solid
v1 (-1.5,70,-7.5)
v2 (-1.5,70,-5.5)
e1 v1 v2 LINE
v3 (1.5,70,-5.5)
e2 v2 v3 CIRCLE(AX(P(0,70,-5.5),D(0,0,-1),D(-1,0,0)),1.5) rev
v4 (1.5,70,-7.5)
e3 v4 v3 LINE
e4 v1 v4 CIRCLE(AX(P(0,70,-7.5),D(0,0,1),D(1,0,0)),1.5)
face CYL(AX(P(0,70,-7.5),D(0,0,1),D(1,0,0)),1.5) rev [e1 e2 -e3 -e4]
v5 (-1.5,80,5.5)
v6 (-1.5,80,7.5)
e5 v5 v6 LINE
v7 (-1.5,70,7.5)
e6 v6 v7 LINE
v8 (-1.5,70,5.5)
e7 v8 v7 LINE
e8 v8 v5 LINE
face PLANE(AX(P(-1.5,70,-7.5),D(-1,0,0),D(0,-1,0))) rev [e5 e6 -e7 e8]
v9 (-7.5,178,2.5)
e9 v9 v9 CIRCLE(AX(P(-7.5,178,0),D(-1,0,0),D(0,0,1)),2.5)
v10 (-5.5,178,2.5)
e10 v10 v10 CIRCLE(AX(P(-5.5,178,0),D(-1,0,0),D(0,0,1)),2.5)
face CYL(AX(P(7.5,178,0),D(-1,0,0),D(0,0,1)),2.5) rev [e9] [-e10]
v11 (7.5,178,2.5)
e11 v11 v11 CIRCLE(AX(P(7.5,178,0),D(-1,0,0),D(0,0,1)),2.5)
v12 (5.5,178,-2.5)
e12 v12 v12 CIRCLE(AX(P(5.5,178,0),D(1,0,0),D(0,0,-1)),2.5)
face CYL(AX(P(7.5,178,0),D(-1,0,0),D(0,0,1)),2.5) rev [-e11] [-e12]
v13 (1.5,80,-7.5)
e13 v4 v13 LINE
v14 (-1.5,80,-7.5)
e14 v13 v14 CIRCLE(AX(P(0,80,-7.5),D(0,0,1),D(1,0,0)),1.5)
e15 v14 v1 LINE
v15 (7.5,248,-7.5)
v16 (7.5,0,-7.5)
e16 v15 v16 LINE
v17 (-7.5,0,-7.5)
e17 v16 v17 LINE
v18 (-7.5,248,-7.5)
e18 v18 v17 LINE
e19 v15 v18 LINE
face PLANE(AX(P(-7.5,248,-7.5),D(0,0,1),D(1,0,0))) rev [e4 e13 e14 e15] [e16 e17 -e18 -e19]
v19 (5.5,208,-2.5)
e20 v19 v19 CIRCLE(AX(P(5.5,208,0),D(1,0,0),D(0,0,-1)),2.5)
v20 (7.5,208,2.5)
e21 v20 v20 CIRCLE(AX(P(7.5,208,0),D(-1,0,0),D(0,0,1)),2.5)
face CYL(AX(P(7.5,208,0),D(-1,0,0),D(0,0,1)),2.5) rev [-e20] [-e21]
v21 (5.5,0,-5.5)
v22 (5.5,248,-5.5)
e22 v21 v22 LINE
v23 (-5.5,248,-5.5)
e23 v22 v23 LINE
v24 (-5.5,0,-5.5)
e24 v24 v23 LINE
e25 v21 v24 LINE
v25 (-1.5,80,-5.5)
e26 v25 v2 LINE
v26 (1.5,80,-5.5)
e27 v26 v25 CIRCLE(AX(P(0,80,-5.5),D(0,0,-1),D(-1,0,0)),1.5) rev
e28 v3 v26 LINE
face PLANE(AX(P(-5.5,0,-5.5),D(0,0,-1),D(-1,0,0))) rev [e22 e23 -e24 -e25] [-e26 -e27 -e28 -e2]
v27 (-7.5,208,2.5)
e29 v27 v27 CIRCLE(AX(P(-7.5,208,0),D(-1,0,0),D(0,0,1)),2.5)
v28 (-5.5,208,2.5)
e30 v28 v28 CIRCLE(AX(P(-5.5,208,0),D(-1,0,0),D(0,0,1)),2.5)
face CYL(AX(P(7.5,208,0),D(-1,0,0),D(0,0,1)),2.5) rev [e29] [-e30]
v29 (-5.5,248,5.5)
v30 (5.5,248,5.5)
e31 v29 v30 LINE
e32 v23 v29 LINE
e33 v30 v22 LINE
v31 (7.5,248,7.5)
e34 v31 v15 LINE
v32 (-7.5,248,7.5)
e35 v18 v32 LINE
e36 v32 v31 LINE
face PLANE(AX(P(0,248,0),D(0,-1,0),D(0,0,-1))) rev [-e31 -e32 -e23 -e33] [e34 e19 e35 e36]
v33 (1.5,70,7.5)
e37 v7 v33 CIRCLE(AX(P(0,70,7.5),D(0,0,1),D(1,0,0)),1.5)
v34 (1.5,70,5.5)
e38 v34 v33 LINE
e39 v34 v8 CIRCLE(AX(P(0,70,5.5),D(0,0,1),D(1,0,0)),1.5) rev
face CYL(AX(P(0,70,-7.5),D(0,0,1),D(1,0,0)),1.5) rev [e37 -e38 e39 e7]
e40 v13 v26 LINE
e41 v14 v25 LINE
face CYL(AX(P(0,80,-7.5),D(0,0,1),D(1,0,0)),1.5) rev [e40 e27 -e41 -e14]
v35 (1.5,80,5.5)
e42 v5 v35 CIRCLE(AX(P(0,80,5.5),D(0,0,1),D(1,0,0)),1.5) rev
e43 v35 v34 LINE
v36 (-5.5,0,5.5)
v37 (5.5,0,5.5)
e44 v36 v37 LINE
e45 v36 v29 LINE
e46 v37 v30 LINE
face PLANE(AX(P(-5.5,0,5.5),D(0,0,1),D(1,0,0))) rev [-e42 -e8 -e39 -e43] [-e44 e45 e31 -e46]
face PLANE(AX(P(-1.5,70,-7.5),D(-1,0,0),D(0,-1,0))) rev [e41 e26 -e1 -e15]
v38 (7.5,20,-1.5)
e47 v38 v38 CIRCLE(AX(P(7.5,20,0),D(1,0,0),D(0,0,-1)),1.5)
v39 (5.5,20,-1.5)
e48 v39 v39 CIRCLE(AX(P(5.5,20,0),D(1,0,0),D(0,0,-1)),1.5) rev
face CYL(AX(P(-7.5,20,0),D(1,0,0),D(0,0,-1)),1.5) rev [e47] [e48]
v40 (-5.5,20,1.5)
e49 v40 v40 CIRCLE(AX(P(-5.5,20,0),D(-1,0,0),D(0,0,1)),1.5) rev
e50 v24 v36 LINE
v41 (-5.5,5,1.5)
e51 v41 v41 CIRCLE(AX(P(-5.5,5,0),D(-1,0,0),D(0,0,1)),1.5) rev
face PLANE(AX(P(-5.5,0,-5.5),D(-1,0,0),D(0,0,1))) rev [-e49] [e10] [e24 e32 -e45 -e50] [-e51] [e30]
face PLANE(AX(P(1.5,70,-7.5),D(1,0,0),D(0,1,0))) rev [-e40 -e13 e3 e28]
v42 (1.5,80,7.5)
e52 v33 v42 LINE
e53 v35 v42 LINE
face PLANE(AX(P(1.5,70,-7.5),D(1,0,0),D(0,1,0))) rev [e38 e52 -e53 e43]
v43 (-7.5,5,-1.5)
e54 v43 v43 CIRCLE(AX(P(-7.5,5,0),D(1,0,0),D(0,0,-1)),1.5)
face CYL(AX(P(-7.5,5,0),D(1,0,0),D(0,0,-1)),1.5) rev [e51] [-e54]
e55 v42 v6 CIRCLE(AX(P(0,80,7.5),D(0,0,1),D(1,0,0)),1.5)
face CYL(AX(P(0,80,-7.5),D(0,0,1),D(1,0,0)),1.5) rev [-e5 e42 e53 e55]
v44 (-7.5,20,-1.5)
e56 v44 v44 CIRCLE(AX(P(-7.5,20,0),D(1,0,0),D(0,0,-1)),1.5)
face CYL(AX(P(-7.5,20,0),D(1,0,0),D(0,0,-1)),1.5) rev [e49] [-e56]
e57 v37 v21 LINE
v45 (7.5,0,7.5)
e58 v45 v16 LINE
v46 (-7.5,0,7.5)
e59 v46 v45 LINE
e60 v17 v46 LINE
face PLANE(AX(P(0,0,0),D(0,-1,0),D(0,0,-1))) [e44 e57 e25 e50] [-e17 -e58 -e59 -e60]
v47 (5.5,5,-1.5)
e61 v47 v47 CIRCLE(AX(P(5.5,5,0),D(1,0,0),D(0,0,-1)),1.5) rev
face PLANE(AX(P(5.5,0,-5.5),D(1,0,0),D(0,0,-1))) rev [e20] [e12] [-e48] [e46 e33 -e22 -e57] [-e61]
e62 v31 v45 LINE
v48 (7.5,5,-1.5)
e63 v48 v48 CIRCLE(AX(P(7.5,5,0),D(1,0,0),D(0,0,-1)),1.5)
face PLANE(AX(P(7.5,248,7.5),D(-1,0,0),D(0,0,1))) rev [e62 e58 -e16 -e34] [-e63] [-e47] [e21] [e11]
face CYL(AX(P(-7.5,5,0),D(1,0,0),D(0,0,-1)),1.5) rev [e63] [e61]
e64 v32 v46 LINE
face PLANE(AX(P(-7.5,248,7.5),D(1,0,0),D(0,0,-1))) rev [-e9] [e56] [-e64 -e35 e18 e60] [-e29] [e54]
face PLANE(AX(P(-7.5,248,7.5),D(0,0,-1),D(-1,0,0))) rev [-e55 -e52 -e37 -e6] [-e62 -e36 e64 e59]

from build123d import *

# Parameters (mm, degrees)
SKETCH_1_W          = 15
SKETCH_1_H          = 15
EXTRUDE_1_DEPTH     = 248
SKETCH_3_R          = 1.5
CUT_EXTRUDE_2_DEPTH = 15
CUT_EXTRUDE_3_DEPTH = 15
SKETCH_5_W          = 11
SKETCH_5_H          = 11
CUT_EXTRUDE_4_DEPTH = 248
SKETCH_6_R          = 2.5
CUT_EXTRUDE_5_DEPTH = 15


with BuildPart() as part:
    # 草图1 → 凸台-拉伸1 (new body)
    with BuildSketch(Plane(origin=(0, 0, 0), x_dir=(1, 0, 0), z_dir=(0, 1, 0))):
        Rectangle(SKETCH_1_W, SKETCH_1_H)
    extrude(amount=EXTRUDE_1_DEPTH)

    # 草图3 → 切除-拉伸2 (cut)
    with BuildSketch(Plane(origin=(7.5, 0, 0), x_dir=(0, 0, -1), z_dir=(1, 0, 0))):
        with Locations((0, 5)):
            Circle(SKETCH_3_R)
        with Locations((0, 20)):
            Circle(SKETCH_3_R)
    extrude(amount=-CUT_EXTRUDE_2_DEPTH, mode=Mode.SUBTRACT)

    # 草图4 → 切除-拉伸3 (cut)
    with BuildSketch(Plane.XY.offset(7.5)):
        with BuildLine():
            Line((-1.5, 70), (-1.5, 80))
            ThreePointArc((-1.5, 80), (0, 81.5), (1.5, 80))
            Line((1.5, 80), (1.5, 70))
            ThreePointArc((1.5, 70), (0, 68.5), (-1.5, 70))
        make_face()
    extrude(amount=-CUT_EXTRUDE_3_DEPTH, mode=Mode.SUBTRACT)

    # 草图5 → 切除-拉伸4 (cut)
    with BuildSketch(Plane(origin=(0, 248, 0), x_dir=(1, 0, 0), z_dir=(0, 1, 0))):
        Rectangle(SKETCH_5_W, SKETCH_5_H)
    extrude(amount=-CUT_EXTRUDE_4_DEPTH, mode=Mode.SUBTRACT)

    # 草图6 → 切除-拉伸5 (cut)
    with BuildSketch(Plane.ZY.offset(7.5)):
        with Locations((0, 208)):
            Circle(SKETCH_6_R)
        with Locations((0, 178)):
            Circle(SKETCH_6_R)
    extrude(amount=-CUT_EXTRUDE_5_DEPTH, mode=Mode.SUBTRACT)


solid = part.part
